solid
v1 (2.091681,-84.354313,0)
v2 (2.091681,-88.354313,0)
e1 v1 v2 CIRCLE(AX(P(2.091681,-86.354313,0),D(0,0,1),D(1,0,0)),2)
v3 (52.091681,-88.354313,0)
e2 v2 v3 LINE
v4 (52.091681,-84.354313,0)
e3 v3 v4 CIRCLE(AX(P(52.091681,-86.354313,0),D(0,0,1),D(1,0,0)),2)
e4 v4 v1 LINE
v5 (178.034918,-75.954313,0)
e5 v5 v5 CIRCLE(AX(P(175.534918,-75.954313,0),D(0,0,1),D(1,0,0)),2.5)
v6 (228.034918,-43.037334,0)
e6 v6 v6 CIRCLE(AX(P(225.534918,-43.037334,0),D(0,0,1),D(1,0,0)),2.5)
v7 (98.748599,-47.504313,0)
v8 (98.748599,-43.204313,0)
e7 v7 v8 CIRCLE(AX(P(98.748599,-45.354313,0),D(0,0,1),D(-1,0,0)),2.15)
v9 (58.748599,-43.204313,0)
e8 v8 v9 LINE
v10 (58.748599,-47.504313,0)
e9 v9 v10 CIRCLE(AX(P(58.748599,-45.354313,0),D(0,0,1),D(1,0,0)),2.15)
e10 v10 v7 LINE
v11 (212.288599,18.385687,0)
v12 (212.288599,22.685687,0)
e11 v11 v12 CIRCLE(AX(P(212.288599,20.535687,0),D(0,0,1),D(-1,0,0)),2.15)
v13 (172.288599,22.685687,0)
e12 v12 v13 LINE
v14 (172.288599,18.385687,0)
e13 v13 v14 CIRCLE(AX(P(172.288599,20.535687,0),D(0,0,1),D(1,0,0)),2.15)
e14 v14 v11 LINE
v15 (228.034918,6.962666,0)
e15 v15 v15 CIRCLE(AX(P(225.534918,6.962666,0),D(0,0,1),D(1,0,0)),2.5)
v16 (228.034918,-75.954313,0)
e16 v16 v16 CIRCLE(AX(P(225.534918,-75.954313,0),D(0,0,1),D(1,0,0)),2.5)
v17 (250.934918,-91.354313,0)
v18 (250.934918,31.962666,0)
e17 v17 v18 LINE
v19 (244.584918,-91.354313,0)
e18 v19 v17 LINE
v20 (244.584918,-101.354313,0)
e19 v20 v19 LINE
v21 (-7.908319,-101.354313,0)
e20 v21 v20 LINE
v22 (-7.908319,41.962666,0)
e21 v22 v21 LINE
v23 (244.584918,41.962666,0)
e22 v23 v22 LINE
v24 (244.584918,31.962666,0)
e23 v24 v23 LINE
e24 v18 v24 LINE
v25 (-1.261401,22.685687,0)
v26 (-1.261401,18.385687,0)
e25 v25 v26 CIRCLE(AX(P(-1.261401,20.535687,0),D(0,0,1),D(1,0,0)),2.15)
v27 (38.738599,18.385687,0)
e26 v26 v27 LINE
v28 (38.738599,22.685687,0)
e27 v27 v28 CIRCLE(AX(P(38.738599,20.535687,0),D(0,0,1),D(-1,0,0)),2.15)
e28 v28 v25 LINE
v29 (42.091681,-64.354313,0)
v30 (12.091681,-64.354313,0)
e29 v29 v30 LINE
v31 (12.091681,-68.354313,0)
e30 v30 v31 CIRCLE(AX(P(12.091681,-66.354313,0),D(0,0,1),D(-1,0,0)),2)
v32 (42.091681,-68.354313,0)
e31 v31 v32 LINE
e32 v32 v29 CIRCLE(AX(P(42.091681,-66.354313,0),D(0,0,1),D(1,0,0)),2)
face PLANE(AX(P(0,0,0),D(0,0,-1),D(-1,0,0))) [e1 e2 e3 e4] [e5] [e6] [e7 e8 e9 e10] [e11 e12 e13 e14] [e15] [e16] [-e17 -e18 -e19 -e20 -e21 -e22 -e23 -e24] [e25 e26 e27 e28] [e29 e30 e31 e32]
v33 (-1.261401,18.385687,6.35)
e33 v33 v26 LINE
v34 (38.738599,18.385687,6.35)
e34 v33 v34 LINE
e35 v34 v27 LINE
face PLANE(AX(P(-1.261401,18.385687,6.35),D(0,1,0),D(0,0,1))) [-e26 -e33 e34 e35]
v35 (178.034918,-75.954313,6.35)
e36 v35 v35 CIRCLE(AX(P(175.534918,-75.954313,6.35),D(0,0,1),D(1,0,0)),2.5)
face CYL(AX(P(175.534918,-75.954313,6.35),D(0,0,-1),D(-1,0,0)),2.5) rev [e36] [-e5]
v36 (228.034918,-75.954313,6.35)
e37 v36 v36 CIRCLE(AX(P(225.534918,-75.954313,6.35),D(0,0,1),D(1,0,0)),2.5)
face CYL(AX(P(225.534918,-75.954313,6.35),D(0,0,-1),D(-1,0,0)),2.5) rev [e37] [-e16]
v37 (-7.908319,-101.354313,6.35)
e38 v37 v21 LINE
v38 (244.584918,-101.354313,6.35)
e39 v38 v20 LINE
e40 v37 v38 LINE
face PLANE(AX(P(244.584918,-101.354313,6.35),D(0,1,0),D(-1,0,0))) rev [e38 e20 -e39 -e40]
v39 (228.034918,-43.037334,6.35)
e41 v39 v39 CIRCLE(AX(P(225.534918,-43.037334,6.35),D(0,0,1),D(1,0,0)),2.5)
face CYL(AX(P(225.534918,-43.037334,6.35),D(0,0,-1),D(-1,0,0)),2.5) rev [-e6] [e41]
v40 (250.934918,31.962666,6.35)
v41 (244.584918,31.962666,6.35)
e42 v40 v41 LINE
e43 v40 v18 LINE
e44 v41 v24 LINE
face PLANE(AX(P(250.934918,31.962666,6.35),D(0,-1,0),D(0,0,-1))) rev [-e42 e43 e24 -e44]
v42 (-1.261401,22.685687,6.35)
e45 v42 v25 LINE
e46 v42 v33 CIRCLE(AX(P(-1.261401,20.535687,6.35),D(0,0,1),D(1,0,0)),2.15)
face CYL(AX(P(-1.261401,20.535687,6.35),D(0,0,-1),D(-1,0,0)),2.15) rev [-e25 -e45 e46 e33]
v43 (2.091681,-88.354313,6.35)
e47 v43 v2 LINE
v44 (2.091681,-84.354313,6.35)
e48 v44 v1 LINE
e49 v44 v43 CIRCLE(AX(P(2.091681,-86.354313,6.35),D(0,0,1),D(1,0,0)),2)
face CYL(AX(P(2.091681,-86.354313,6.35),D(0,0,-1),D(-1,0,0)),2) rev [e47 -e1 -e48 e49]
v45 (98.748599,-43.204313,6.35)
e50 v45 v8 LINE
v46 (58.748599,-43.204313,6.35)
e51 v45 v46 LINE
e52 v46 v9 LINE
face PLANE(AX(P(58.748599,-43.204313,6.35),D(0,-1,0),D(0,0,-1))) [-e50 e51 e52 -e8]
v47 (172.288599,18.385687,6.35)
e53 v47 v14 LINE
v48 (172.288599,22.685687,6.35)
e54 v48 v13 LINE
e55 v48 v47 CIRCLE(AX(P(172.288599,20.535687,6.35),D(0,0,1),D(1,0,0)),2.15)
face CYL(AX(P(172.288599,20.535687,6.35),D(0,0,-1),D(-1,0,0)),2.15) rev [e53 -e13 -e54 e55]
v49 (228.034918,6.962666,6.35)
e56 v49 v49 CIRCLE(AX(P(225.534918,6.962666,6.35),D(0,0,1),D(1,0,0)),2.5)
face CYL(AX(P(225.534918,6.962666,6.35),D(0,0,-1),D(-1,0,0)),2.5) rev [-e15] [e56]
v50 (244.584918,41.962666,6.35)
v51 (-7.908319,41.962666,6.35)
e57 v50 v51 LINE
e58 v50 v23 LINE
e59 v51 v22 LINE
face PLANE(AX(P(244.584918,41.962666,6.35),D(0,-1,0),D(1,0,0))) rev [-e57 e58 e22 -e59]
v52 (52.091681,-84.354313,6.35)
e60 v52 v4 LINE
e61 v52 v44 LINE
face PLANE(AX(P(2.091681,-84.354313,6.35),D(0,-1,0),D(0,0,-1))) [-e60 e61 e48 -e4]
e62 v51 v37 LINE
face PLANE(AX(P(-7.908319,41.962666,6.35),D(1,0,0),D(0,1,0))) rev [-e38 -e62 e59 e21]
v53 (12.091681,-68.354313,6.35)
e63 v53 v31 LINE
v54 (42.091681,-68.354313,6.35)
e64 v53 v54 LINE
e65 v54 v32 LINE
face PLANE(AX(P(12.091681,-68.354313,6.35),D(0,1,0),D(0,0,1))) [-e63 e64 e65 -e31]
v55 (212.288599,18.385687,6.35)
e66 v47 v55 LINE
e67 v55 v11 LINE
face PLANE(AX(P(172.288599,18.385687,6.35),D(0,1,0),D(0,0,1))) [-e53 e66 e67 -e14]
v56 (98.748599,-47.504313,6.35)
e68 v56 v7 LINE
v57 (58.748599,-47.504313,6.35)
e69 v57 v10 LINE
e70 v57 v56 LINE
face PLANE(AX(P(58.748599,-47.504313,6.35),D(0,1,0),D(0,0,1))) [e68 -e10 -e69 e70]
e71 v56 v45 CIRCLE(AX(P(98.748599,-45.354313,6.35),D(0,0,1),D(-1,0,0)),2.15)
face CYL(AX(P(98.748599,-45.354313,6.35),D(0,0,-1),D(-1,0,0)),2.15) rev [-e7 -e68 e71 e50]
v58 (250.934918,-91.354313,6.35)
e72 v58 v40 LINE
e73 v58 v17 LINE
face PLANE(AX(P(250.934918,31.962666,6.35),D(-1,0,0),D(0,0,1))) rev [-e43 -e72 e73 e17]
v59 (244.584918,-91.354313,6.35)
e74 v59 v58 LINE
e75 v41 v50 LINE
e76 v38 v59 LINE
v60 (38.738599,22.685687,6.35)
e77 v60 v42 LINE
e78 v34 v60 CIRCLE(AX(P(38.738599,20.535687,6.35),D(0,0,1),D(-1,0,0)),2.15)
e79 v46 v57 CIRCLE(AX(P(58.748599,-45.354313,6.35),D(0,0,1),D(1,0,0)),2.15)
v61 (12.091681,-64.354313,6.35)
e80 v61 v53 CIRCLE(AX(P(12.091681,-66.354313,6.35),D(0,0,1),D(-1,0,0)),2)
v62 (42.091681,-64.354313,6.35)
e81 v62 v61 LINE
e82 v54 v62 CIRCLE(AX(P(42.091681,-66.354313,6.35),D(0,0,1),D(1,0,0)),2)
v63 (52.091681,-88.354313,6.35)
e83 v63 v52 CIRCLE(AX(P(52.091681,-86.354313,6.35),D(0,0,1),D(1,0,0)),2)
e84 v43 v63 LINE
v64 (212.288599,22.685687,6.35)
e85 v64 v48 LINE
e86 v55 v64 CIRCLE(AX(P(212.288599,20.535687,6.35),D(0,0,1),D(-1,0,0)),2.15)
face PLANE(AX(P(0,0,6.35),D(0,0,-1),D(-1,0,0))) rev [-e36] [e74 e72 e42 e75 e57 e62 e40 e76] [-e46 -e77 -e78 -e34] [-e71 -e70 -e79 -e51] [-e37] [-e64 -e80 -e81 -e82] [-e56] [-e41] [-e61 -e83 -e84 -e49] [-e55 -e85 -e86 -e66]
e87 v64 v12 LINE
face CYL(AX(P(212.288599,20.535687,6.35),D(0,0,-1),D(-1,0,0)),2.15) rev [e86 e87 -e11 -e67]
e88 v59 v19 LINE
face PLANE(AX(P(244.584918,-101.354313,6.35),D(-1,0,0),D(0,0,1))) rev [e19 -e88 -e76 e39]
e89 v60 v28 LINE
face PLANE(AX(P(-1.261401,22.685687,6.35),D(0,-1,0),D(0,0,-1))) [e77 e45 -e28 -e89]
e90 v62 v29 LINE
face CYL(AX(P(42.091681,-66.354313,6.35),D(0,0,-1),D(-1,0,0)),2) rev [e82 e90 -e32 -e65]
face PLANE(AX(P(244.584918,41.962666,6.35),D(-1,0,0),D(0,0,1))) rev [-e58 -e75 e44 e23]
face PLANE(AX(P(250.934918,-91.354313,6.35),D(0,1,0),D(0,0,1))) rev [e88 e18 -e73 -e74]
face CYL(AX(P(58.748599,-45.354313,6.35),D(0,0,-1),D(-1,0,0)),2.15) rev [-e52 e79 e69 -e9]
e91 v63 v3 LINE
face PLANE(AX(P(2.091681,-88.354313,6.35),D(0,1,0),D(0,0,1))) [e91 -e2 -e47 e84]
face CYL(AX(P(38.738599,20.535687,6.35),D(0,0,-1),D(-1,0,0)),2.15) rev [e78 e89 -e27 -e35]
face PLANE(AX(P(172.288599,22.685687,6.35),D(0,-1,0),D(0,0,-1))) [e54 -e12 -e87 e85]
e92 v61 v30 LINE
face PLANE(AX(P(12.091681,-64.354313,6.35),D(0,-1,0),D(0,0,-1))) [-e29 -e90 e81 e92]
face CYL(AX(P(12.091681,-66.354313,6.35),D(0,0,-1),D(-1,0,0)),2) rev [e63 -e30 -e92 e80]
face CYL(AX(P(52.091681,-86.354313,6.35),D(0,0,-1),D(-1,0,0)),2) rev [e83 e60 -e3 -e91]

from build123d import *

# Parameters (mm, degrees)
SKETCH3_R           = 2.5
BOSS_EXTRUDE1_DEPTH = 6.35


with BuildPart() as part:
    # Sketch3 → Boss-Extrude1 (new body)
    with BuildSketch(Plane.XY):
        Polygon((244.584917863, 41.962665812), (-7.908318612, 41.962665812), (-7.908318612, -101.354312852), (244.584917863, -101.354312852), (244.584917863, -91.354312852), (250.934917863, -91.354312852), (250.934917863, 31.962665812), (244.584917863, 31.962665812), align=None)
        with Locations((225.534917863, -43.037334188)):
            Circle(SKETCH3_R, mode=Mode.SUBTRACT)
        with Locations((225.534917863, 6.962665812)):
            Circle(SKETCH3_R, mode=Mode.SUBTRACT)
        with Locations((225.534917863, -75.954312852)):
            Circle(SKETCH3_R, mode=Mode.SUBTRACT)
        with Locations((175.534917863, -75.954312852)):
            Circle(SKETCH3_R, mode=Mode.SUBTRACT)
        with BuildLine():
            Line((58.748599203, -43.204312852), (98.748599203, -43.204312852))
            ThreePointArc((98.748599203, -43.204312852), (100.898599203, -45.354312852), (98.748599203, -47.504312852))
            Line((98.748599203, -47.504312852), (58.748599203, -47.504312852))
            ThreePointArc((58.748599203, -47.504312852), (56.598599203, -45.354312852), (58.748599203, -43.204312852))
        make_face(mode=Mode.SUBTRACT)
        with BuildLine():
            Line((-1.261400797, 22.685687148), (38.738599203, 22.685687148))
            ThreePointArc((38.738599203, 22.685687148), (40.888599203, 20.535687148), (38.738599203, 18.385687148))
            Line((38.738599203, 18.385687148), (-1.261400797, 18.385687148))
            ThreePointArc((-1.261400797, 18.385687148), (-3.411400797, 20.535687148), (-1.261400797, 22.685687148))
        make_face(mode=Mode.SUBTRACT)
        with BuildLine():
            Line((172.288599203, 22.685687148), (212.288599203, 22.685687148))
            ThreePointArc((212.288599203, 22.685687148), (214.438599203, 20.535687148), (212.288599203, 18.385687148))
            Line((212.288599203, 18.385687148), (172.288599203, 18.385687148))
            ThreePointArc((172.288599203, 18.385687148), (170.138599203, 20.535687148), (172.288599203, 22.685687148))
        make_face(mode=Mode.SUBTRACT)
        with BuildLine():
            Line((12.091681388, -64.354312852), (42.091681388, -64.354312852))
            ThreePointArc((42.091681388, -64.354312852), (44.091681388, -66.354312852), (42.091681388, -68.354312852))
            Line((42.091681388, -68.354312852), (12.091681388, -68.354312852))
            ThreePointArc((12.091681388, -68.354312852), (10.091681388, -66.354312852), (12.091681388, -64.354312852))
        make_face(mode=Mode.SUBTRACT)
        with BuildLine():
            Line((2.091681388, -84.354312852), (52.091681388, -84.354312852))
            ThreePointArc((52.091681388, -84.354312852), (54.091681388, -86.354312852), (52.091681388, -88.354312852))
            Line((52.091681388, -88.354312852), (2.091681388, -88.354312852))
            ThreePointArc((2.091681388, -88.354312852), (0.091681388, -86.354312852), (2.091681388, -84.354312852))
        make_face(mode=Mode.SUBTRACT)
    extrude(amount=BOSS_EXTRUDE1_DEPTH)


solid = part.part
